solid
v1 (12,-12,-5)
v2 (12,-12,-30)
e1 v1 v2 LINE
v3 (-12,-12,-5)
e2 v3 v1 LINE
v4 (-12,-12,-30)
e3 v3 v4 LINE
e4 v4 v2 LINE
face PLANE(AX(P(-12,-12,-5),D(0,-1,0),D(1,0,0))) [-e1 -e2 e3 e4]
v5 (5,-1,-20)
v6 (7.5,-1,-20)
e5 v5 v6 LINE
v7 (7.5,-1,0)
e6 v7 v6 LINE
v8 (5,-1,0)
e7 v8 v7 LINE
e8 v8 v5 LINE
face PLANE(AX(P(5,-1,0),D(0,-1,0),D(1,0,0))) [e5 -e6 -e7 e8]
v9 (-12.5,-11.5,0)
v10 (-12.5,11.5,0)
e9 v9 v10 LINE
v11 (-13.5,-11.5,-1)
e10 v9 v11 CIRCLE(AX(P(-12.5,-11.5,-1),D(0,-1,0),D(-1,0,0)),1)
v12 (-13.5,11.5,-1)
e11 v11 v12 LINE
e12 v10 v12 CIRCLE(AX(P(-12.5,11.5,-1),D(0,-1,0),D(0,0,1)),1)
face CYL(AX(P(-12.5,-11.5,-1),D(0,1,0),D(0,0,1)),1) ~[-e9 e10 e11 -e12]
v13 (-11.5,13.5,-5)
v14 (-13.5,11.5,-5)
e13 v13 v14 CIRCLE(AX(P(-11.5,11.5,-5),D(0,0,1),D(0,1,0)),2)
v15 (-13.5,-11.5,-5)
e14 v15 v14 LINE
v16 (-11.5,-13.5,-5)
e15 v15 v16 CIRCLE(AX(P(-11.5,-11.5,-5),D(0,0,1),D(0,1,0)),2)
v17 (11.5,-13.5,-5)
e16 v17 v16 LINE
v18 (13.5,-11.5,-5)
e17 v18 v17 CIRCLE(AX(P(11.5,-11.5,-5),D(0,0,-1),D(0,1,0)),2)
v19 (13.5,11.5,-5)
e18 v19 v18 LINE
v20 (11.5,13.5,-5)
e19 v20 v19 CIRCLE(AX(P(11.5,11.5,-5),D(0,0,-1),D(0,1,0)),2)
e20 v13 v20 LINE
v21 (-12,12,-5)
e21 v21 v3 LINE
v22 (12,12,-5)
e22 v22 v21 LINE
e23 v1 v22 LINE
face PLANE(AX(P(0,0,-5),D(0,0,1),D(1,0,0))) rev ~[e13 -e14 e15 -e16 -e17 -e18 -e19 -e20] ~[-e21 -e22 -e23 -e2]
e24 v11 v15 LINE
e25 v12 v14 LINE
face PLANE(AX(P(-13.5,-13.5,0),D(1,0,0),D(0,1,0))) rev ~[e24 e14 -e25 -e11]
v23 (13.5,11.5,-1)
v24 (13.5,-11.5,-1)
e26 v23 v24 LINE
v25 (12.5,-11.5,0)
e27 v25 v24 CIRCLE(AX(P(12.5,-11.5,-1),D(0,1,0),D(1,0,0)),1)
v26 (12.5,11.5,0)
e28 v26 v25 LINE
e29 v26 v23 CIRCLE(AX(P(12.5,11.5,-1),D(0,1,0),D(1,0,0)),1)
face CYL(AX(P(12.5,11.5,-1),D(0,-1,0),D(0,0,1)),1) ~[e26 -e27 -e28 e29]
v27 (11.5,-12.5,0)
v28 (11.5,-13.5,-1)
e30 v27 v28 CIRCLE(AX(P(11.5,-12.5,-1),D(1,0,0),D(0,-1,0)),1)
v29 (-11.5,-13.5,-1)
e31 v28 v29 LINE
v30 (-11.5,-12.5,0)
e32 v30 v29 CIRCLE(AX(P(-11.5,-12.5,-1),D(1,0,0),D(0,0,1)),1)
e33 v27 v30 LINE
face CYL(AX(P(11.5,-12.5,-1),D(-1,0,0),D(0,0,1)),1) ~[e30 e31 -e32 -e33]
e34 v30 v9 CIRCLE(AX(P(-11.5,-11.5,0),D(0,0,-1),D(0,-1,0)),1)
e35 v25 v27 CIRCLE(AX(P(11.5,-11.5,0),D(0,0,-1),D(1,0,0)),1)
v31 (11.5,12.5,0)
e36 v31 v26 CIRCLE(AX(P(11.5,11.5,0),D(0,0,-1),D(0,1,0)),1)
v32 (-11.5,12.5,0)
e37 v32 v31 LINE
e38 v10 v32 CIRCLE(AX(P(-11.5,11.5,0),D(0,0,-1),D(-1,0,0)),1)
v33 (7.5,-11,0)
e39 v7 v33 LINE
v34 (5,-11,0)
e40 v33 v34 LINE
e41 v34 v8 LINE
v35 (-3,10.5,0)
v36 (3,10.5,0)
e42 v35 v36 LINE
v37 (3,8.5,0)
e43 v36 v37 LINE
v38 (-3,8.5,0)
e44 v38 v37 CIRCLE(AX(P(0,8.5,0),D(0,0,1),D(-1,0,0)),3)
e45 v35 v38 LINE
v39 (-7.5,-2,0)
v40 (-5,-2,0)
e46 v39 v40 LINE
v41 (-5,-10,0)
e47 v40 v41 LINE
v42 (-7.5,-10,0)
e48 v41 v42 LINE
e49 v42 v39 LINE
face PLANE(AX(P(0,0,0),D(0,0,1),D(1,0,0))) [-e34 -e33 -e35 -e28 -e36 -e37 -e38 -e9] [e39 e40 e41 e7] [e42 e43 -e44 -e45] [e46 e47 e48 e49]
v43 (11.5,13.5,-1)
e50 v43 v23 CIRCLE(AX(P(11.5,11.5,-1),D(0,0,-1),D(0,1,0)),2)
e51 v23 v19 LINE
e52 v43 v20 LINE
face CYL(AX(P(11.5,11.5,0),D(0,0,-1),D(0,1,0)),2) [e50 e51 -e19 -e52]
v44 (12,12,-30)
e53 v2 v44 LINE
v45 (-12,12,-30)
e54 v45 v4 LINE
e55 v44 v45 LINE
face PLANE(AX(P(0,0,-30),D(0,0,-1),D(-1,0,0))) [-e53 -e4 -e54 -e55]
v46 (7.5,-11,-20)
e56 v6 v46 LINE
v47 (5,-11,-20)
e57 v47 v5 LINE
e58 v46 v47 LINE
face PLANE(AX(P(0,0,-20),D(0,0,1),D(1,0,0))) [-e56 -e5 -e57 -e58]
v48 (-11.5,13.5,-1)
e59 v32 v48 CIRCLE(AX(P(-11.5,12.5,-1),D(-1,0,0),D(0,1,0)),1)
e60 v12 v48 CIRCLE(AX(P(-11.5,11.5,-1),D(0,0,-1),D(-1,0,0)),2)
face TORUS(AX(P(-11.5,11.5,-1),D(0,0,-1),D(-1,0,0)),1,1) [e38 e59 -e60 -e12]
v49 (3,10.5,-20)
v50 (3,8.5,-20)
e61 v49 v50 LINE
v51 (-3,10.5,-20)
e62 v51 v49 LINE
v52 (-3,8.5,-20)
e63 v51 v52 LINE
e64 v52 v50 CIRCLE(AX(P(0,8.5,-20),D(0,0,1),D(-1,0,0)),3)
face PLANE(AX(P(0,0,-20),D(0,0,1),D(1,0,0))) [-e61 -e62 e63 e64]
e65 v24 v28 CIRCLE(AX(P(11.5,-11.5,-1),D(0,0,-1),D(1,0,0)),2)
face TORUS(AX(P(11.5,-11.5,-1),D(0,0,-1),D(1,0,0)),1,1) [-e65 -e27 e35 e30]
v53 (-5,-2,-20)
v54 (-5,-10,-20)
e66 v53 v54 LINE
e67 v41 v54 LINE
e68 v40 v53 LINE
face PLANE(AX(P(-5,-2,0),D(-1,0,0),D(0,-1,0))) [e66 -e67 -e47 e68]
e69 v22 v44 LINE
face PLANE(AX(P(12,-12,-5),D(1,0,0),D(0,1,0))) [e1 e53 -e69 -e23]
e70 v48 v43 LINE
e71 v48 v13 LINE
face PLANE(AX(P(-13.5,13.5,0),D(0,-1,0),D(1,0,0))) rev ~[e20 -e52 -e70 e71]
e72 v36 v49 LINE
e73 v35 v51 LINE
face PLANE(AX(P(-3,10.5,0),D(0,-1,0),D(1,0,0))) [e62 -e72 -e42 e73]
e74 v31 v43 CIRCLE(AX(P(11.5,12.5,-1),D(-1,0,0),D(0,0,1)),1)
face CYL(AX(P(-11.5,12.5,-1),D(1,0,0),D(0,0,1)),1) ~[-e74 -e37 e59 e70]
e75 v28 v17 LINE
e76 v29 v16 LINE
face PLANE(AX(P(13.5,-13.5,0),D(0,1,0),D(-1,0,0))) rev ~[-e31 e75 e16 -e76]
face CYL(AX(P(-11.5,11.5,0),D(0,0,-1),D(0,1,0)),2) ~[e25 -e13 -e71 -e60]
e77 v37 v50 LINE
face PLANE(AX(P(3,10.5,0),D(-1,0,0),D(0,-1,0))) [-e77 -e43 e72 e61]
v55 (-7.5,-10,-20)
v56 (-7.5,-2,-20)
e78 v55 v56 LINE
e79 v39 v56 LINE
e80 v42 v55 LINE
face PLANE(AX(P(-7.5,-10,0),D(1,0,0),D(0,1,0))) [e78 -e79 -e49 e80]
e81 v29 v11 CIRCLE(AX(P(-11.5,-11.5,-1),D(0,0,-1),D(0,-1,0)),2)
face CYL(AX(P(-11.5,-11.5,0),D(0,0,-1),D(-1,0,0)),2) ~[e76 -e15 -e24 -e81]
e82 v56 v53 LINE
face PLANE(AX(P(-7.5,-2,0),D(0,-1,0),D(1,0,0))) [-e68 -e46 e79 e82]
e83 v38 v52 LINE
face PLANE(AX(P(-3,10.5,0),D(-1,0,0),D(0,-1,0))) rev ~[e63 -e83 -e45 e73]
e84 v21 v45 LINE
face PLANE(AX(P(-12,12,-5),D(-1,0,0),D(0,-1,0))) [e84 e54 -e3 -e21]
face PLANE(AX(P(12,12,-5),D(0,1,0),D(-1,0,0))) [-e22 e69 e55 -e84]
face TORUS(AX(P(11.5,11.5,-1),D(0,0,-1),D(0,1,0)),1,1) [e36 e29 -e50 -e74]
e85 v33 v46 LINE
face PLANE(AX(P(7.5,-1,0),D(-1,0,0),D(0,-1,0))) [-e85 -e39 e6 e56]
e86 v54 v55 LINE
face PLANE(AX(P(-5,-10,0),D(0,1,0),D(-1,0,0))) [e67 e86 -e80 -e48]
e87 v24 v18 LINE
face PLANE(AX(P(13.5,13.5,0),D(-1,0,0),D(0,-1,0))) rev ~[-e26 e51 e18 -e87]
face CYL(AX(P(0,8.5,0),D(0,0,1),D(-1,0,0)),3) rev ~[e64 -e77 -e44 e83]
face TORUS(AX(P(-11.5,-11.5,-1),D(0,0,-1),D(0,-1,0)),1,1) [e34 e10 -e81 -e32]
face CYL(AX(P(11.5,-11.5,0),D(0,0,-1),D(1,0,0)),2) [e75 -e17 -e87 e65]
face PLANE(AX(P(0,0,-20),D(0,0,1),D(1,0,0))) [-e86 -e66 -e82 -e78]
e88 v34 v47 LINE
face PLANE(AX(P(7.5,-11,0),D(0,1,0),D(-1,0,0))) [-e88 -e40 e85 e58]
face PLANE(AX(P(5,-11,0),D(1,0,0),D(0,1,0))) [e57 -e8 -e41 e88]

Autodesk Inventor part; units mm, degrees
ref_plane "YZ Plane" through (0, 0, 0) normal (1, 0, 0) x (0, 1, 0)
ref_plane "XZ Plane" through (0, 0, 0) normal (0, 1, 0) x (-1, 0, 0)
ref_plane "XY Plane" through (0, 0, 0) normal (0, 0, 1) x (1, 0, 0)
sketch "Sketch1" plane through (0, 0, 0) normal (0, 0, 1) x (1, 0, 0)
  line L0 (-13.5, 13.5) -> (13.5, 13.5)
  line L1 (13.5, 13.5) -> (13.5, -13.5)
  line L2 (13.5, -13.5) -> (-13.5, -13.5)
  line L3 (-13.5, -13.5) -> (-13.5, 13.5)
  point P0 (0, 0)
  dimension "d0" = 27
  dimension "d2" = 27
  dimension "d3" = 13.5
  dimension "d4" = 13.5
extrude "Extrusion1" add sketch "Sketch1" against normal blind 5
sketch "Sketch2" plane through (0, 0, -5) normal (0, 0, -1) x (-1, 0, 0)
  line L0 (13.5, 13.5) -> (-13.5, 13.5) projected
  line L1 (-13.5, 13.5) -> (-13.5, -13.5) projected
  line L2 (-12, 12) -> (12, 12)
  line L3 (12, 12) -> (12, -12)
  line L4 (12, -12) -> (-12, -12)
  line L5 (-12, -12) -> (-12, 12)
  point P0 (0, 0)
  dimension "d7" = 24
  dimension "d8" = 24
  dimension "d9" = 1.5
  dimension "d10" = 1.5
extrude "Extrusion2" add sketch "Sketch2" along normal blind 25
sketch "Sketch3" plane through (0, 0, 0) normal (0, 0, 1) x (1, 0, 0)
  line L0 (-13.5, 13.5) -> (13.5, 13.5) projected
  line L1 (13.5, 13.5) -> (13.5, -13.5) projected
  line L2 (-3, 10.5) -> (3, 10.5)
  line L3 (3, 10.5) -> (3, 8.5)
  line L4 (-3, 10.5) -> (-3, 8.5)
  arc A0 (-3, 8.5) -> (3, 8.5) centre (0, 8.5) ccw
  line L5 (-7.5, -2) -> (-5, -2)
  line L6 (-5, -2) -> (-5, -10)
  line L7 (-5, -10) -> (-7.5, -10)
  line L8 (-7.5, -10) -> (-7.5, -2)
  line L9 (5, -1) -> (7.5, -1)
  line L10 (7.5, -1) -> (7.5, -11)
  line L11 (7.5, -11) -> (5, -11)
  line L12 (5, -11) -> (5, -1)
  point P0 (0, 0)
  dimension "d13" = 6
  dimension "d15" = 2
  dimension "d18" = 0
  dimension "d19" = 3
  dimension "d20" = 2.5
  dimension "d21" = 2.5
  dimension "d22" = 10
  dimension "d23" = 8
  dimension "d24" = 5
  dimension "d25" = 5
  dimension "d26" = 1
  dimension "d27" = 2
extrude "Extrusion3" cut sketch "Sketch3" against normal blind 20
fillet "Fillet1" radius 2 4 edges at (13.5, 13.5, -2.5) (13.5, -13.5, -2.5) (-13.5, -13.5, -2.5) (-13.5, 13.5, -2.5)
fillet "Fillet2" radius 1 8 edges at (12.9142, -12.9142, 0) (0, -13.5, 0) (-12.9142, -12.9142, 0) (-13.5, 0, 0) (-12.9142, 12.9142, 0) (0, 13.5, 0) (12.9142, 12.9142, 0) (13.5, 0, 0)
properties part number "739W-X203"
